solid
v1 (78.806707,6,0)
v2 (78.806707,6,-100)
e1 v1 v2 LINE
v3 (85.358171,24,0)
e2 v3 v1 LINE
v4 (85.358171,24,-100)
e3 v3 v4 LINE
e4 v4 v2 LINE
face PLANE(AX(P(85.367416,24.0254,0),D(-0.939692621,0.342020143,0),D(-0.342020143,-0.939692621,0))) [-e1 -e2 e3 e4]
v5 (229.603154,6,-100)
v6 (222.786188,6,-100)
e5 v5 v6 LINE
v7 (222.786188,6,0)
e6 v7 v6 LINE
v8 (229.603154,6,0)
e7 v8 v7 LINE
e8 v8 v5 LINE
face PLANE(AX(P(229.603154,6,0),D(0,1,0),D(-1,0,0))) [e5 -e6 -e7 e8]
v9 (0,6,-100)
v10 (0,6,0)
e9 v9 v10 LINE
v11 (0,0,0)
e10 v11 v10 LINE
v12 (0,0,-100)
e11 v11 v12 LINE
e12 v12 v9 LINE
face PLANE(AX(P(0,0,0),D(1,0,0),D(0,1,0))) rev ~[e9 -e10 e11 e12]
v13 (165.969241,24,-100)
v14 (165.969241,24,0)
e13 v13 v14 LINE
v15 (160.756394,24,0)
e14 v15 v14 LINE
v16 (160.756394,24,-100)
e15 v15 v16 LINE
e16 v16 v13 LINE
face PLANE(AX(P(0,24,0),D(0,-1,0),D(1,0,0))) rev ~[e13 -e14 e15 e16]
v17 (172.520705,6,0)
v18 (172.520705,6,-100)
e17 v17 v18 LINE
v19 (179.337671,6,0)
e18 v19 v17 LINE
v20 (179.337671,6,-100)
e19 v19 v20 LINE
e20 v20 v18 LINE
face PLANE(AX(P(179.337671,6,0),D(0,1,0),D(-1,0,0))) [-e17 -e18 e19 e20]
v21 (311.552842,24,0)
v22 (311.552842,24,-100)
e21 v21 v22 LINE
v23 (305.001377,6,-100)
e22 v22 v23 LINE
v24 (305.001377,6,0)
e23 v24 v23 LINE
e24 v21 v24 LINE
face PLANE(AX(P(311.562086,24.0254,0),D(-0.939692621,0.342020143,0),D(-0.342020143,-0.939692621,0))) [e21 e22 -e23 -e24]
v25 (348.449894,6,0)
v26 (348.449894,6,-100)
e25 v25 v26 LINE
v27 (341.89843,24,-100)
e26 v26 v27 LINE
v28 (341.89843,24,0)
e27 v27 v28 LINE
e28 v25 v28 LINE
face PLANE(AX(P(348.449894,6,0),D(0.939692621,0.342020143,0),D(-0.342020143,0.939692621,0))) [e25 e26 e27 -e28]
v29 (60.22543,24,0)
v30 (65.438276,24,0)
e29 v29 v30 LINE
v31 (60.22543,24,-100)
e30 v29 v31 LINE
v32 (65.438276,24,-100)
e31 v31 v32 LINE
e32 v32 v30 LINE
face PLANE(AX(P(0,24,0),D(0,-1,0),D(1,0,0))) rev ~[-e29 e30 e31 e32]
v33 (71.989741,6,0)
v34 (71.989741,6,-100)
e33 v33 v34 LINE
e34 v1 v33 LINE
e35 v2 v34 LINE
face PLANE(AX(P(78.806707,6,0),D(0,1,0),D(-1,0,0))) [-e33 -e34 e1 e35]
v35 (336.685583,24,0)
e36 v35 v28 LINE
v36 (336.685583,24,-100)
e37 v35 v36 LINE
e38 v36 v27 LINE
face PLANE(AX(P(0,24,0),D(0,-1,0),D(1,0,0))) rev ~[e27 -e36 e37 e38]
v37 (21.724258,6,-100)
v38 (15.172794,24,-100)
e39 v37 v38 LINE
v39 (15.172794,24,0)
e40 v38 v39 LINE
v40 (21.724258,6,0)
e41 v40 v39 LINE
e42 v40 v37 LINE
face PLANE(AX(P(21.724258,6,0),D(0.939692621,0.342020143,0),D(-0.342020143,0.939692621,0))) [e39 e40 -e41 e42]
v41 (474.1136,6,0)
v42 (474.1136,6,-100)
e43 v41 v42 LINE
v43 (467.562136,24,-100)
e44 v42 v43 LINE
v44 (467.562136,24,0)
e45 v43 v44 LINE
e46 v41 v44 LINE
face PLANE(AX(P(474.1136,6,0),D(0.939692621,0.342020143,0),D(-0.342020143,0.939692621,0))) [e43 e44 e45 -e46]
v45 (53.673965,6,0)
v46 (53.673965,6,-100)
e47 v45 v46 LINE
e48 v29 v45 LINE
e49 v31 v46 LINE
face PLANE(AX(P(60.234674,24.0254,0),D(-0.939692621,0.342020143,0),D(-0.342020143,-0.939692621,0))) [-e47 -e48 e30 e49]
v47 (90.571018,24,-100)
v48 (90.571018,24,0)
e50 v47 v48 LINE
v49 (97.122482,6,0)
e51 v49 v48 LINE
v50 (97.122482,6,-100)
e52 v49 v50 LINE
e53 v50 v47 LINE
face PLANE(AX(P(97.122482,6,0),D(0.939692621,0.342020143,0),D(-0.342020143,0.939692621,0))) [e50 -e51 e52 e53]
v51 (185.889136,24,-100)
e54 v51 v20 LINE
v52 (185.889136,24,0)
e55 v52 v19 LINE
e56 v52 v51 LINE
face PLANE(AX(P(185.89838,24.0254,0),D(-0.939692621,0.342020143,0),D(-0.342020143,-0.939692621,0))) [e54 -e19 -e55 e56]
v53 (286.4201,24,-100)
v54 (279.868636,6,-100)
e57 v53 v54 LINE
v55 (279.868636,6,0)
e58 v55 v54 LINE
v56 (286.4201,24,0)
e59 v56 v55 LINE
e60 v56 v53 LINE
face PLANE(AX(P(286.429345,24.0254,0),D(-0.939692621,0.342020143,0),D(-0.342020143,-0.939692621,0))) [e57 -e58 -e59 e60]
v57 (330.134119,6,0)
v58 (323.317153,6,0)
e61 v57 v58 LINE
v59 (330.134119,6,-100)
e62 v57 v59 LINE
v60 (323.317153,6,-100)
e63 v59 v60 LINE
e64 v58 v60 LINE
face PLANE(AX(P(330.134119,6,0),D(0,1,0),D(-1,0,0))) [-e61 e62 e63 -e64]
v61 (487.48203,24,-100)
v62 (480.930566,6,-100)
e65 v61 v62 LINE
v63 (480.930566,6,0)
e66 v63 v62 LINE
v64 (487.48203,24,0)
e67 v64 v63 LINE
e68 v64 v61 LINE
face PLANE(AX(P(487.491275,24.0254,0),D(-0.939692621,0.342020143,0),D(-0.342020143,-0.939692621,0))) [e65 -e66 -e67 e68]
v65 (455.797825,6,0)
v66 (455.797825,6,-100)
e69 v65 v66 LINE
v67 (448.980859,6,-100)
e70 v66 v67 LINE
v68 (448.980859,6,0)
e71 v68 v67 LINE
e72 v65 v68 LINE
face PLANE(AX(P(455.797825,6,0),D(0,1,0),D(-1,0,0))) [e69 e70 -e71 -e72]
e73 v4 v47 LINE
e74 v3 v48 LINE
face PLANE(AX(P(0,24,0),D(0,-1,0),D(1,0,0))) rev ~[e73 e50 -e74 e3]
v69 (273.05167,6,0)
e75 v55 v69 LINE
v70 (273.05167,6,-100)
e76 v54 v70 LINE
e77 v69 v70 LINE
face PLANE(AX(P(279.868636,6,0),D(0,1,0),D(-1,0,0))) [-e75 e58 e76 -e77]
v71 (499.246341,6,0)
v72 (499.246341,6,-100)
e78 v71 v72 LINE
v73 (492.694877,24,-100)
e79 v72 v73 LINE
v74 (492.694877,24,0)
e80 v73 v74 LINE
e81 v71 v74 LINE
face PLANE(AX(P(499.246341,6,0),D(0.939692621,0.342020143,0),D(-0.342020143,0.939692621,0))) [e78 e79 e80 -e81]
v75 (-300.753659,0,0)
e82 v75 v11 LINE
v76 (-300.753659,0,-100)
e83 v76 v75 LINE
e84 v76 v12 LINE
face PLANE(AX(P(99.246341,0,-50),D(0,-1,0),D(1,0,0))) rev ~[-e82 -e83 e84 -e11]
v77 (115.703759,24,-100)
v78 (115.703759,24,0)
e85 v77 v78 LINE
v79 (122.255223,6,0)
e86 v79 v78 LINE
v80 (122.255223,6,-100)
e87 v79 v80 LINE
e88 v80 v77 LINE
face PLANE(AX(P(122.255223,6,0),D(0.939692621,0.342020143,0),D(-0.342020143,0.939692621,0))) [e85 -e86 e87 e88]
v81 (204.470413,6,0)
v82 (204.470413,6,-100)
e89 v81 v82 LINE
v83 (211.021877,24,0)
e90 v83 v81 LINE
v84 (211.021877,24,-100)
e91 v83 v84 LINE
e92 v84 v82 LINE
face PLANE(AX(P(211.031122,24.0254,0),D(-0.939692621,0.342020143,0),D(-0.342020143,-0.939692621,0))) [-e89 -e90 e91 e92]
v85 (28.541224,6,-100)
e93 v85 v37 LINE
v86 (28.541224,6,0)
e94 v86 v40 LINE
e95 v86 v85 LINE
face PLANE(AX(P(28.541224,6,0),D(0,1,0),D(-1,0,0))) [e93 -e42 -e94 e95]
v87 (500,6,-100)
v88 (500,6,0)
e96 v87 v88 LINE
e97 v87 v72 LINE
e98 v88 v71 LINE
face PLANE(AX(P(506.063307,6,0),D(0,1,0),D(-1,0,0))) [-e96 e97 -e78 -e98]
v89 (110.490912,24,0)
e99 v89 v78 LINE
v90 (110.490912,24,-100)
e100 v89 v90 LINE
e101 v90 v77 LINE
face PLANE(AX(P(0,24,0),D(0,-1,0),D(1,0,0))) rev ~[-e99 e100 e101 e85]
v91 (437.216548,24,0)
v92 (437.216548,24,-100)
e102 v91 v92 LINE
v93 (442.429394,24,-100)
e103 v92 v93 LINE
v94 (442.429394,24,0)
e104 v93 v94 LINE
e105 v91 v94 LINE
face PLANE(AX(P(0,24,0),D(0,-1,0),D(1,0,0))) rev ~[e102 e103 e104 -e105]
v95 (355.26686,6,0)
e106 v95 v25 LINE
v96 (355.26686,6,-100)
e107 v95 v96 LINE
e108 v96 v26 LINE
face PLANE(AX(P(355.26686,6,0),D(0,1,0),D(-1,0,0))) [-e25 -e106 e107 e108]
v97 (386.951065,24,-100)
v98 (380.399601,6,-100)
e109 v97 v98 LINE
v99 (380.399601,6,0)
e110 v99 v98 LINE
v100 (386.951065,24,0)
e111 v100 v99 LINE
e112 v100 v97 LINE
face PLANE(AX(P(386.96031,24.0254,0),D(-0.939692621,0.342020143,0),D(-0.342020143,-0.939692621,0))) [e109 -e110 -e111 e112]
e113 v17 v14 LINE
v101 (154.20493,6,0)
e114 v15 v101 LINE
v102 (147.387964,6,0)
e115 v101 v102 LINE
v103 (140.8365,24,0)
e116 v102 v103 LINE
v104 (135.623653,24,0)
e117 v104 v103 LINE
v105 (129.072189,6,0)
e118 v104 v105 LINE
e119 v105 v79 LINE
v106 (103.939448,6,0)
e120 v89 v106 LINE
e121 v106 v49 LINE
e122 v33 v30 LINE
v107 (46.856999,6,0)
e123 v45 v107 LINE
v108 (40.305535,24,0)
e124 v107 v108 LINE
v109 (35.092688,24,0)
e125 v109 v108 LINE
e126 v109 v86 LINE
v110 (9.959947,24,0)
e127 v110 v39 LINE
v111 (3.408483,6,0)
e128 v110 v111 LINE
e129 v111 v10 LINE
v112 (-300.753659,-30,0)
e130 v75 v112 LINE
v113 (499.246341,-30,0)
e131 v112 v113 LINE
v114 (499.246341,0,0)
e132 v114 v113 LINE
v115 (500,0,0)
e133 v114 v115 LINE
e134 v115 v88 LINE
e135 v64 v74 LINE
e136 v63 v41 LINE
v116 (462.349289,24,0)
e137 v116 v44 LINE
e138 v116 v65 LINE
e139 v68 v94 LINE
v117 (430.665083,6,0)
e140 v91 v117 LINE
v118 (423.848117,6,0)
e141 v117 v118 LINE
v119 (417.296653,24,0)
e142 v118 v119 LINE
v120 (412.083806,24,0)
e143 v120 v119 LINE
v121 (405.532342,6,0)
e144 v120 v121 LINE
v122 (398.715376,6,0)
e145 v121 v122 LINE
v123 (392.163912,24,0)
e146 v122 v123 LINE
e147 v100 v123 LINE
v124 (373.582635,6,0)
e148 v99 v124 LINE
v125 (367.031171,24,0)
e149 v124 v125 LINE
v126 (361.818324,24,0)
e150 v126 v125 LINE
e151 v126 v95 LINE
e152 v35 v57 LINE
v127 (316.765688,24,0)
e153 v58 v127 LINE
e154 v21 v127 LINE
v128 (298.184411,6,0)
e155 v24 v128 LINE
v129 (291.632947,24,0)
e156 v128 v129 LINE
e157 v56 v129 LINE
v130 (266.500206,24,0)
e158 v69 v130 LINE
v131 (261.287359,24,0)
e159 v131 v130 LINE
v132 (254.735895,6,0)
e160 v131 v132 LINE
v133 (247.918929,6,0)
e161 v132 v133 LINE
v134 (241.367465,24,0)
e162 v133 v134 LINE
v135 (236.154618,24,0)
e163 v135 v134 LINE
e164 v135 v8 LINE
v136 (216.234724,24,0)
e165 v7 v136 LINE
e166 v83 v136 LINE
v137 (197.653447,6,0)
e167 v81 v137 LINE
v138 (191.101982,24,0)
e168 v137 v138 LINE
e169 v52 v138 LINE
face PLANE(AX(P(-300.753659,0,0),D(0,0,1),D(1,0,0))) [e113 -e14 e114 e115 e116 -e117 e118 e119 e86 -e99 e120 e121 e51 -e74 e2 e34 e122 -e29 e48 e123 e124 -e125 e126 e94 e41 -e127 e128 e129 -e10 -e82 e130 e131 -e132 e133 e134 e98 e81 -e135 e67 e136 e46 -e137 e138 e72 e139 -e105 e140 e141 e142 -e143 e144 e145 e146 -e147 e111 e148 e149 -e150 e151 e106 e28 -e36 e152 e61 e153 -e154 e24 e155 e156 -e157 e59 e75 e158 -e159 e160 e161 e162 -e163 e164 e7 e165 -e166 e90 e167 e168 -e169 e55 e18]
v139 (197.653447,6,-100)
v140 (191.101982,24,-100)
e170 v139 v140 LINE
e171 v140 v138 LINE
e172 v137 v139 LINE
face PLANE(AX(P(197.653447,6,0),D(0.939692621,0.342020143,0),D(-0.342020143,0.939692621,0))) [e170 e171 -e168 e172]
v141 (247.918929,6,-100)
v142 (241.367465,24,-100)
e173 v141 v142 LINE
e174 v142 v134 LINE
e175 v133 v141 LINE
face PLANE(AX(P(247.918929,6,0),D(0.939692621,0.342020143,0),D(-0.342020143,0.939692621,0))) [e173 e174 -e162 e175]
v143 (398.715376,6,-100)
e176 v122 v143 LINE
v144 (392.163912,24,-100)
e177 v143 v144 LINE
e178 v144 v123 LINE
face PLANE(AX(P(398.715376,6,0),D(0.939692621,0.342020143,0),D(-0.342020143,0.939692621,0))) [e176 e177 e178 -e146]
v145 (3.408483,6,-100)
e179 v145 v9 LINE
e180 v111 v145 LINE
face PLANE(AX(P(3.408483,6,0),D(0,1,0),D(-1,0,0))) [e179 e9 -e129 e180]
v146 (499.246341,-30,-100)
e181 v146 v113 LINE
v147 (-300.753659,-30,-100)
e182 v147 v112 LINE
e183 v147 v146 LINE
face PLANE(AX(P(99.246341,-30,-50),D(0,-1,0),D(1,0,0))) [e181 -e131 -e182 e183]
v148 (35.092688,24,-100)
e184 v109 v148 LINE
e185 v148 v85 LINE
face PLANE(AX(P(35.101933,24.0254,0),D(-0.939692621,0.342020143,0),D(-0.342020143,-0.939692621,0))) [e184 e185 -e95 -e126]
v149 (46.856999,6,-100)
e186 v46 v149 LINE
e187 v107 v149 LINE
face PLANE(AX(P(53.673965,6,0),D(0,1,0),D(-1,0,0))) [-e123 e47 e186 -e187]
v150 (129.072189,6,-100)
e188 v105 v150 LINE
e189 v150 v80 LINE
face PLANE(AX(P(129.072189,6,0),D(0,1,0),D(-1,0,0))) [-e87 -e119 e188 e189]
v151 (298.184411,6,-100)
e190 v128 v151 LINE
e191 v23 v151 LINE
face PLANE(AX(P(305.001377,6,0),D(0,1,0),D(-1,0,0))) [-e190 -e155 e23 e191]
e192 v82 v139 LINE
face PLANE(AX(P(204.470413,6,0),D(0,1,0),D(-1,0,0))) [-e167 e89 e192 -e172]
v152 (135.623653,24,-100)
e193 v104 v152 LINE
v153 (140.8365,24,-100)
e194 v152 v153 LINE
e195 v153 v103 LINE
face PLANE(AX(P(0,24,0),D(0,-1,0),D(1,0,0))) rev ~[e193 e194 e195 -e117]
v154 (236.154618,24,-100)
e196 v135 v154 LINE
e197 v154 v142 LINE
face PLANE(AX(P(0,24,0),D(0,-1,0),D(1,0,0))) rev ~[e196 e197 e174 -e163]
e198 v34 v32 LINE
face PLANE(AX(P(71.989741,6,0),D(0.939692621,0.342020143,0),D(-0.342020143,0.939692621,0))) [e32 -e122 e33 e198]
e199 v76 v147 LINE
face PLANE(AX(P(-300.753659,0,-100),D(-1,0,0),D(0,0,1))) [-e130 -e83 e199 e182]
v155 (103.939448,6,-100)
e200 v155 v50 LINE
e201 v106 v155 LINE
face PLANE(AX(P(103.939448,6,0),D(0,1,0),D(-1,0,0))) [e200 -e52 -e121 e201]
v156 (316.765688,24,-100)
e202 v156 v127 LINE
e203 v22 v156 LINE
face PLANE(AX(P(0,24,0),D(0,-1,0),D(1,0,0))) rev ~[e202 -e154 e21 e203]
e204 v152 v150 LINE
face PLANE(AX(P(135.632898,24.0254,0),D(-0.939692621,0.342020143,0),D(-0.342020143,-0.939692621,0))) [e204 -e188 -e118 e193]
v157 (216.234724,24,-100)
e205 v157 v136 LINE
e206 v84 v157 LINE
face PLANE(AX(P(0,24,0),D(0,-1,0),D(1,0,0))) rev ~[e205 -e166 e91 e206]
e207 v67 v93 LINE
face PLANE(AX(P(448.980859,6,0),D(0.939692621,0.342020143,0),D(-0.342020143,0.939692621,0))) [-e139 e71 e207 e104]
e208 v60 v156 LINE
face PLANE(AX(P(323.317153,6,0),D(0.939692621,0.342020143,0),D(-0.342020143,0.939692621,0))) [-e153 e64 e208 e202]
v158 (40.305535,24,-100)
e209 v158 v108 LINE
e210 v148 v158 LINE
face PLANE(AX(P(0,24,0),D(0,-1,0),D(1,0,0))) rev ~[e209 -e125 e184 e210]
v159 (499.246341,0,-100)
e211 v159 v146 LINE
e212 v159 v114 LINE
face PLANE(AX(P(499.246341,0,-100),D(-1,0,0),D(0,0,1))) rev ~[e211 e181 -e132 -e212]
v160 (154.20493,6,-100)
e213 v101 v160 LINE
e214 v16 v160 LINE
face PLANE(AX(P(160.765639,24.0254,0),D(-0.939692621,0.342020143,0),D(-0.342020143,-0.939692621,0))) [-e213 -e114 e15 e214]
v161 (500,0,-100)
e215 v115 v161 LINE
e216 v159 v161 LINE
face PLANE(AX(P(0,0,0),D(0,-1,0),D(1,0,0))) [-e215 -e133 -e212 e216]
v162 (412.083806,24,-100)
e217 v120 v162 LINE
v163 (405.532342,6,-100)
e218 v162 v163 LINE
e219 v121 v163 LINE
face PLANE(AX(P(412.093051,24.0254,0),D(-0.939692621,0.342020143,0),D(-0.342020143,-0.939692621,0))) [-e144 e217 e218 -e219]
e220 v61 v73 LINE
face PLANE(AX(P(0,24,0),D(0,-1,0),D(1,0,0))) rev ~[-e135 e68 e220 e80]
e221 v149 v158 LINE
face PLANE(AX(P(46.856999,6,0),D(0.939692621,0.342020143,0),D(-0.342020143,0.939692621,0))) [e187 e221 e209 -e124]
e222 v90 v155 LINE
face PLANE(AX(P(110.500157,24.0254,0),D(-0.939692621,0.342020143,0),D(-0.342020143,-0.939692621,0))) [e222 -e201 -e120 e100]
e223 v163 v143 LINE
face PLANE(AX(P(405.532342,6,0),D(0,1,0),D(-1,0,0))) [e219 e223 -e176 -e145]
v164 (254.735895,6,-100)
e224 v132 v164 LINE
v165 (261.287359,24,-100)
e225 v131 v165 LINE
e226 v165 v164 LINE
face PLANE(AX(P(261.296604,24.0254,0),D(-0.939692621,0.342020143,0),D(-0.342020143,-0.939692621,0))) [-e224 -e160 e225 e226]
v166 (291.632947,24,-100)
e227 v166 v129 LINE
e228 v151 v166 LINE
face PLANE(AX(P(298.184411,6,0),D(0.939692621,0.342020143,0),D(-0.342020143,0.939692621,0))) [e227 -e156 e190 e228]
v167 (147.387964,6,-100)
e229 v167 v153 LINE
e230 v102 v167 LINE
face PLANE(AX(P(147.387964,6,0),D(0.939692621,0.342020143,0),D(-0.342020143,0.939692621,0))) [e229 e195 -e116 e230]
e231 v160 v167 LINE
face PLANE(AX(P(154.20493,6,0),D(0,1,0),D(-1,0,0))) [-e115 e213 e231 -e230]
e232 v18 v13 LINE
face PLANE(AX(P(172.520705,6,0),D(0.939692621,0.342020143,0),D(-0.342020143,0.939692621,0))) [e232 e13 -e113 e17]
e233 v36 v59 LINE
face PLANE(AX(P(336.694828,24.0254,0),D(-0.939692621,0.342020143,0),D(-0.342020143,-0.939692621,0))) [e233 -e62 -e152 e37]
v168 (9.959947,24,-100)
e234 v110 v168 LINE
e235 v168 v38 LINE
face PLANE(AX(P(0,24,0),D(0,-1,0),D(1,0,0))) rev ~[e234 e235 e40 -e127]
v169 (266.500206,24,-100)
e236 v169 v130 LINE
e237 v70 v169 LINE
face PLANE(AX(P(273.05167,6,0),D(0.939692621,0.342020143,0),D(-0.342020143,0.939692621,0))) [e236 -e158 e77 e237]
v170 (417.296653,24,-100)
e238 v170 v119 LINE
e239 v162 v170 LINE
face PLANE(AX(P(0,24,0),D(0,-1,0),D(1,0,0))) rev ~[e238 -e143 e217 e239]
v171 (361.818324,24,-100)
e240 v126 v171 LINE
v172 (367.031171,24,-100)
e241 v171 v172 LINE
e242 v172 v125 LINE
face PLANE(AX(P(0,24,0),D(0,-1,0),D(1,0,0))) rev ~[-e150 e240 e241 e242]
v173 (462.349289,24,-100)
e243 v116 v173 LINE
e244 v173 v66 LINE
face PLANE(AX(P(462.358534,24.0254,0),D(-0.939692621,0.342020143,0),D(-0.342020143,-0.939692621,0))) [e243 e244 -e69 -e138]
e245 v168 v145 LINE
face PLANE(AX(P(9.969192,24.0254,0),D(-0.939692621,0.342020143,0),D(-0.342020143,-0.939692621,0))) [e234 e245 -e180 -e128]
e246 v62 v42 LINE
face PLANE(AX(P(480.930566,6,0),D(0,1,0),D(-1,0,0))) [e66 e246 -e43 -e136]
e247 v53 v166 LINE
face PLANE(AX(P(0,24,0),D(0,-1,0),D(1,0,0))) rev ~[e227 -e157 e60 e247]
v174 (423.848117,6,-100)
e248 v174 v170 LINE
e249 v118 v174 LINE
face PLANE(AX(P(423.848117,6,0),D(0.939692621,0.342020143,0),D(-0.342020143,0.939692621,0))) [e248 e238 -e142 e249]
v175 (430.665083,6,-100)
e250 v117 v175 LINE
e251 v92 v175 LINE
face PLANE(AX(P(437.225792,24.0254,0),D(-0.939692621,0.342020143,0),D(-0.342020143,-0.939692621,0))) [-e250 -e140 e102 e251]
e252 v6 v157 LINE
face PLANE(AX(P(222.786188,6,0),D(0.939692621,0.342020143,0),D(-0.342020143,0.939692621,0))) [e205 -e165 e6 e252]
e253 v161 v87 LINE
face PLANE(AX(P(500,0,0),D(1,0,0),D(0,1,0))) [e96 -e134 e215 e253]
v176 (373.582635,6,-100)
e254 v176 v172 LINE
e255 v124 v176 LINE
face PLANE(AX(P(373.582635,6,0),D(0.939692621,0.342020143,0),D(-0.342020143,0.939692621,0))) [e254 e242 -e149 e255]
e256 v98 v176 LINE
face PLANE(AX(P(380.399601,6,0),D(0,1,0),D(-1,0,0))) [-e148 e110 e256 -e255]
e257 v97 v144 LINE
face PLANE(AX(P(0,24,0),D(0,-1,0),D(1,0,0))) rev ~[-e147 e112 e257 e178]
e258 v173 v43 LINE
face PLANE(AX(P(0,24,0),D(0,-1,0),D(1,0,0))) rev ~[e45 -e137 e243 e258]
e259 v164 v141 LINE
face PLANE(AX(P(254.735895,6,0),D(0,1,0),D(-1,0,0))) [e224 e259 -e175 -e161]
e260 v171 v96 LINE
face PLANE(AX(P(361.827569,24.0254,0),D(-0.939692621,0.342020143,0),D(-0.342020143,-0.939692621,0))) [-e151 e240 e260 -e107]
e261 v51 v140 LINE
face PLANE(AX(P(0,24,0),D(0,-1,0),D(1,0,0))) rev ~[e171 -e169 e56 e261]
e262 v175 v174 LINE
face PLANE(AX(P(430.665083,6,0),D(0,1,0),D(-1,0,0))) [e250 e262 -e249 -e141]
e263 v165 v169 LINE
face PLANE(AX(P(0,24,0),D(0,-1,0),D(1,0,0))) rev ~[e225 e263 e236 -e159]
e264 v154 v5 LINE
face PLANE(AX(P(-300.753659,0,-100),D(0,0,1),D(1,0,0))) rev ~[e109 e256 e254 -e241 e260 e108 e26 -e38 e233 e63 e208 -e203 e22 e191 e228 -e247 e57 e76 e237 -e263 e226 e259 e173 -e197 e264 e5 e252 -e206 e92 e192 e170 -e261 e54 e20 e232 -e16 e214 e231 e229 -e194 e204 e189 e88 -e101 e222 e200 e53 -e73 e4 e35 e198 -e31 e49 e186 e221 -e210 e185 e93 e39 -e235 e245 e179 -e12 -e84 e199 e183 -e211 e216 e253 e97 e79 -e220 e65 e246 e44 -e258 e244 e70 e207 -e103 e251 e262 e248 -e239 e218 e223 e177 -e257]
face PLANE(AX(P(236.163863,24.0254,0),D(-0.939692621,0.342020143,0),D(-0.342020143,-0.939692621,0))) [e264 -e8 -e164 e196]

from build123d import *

# Parameters (mm, degrees)
BLANKSKE_W          = 500
BLANKSKE_H          = 24
BLANK_DEPTH         = 100
TOOTHCUTSIM_DEPTH   = 511.466453354
TEETHCUTS_COUNT     = 21
TEETHCUTS_PITCH     = 25.1327412
SKETCH1_W           = 800
SKETCH1_H           = 100
BOSS_EXTRUDE1_DEPTH = 30


with BuildPart() as part:
    # BlankSke → Blank (new body)
    with BuildSketch(Plane.XY):
        with Locations((250, 12)):
            Rectangle(BLANKSKE_W, BLANKSKE_H)
    extrude(amount=-BLANK_DEPTH)

    # TooCutSkeSim → ToothCutSim (cut, through all)
    with BuildSketch(Plane.XY):
        Polygon((3.408482957, 6), (-3.408482957, 6), (-9.969192018, 24.0254), (9.969192018, 24.0254), align=None)
    toothcutsim = extrude(amount=-TOOTHCUTSIM_DEPTH, mode=Mode.SUBTRACT)

    # TeethCuts: ToothCutSim ×21
    with Locations(*[(i * TEETHCUTS_PITCH, 0, 0) for i in range(1, TEETHCUTS_COUNT)]):
        add(toothcutsim, mode=Mode.SUBTRACT)

    # Sketch1 → Boss-Extrude1 (add)
    with BuildSketch(Plane.XZ):
        with Locations((99.246341043, -50)):
            Rectangle(SKETCH1_W, SKETCH1_H)
    extrude(amount=BOSS_EXTRUDE1_DEPTH)


solid = part.part
